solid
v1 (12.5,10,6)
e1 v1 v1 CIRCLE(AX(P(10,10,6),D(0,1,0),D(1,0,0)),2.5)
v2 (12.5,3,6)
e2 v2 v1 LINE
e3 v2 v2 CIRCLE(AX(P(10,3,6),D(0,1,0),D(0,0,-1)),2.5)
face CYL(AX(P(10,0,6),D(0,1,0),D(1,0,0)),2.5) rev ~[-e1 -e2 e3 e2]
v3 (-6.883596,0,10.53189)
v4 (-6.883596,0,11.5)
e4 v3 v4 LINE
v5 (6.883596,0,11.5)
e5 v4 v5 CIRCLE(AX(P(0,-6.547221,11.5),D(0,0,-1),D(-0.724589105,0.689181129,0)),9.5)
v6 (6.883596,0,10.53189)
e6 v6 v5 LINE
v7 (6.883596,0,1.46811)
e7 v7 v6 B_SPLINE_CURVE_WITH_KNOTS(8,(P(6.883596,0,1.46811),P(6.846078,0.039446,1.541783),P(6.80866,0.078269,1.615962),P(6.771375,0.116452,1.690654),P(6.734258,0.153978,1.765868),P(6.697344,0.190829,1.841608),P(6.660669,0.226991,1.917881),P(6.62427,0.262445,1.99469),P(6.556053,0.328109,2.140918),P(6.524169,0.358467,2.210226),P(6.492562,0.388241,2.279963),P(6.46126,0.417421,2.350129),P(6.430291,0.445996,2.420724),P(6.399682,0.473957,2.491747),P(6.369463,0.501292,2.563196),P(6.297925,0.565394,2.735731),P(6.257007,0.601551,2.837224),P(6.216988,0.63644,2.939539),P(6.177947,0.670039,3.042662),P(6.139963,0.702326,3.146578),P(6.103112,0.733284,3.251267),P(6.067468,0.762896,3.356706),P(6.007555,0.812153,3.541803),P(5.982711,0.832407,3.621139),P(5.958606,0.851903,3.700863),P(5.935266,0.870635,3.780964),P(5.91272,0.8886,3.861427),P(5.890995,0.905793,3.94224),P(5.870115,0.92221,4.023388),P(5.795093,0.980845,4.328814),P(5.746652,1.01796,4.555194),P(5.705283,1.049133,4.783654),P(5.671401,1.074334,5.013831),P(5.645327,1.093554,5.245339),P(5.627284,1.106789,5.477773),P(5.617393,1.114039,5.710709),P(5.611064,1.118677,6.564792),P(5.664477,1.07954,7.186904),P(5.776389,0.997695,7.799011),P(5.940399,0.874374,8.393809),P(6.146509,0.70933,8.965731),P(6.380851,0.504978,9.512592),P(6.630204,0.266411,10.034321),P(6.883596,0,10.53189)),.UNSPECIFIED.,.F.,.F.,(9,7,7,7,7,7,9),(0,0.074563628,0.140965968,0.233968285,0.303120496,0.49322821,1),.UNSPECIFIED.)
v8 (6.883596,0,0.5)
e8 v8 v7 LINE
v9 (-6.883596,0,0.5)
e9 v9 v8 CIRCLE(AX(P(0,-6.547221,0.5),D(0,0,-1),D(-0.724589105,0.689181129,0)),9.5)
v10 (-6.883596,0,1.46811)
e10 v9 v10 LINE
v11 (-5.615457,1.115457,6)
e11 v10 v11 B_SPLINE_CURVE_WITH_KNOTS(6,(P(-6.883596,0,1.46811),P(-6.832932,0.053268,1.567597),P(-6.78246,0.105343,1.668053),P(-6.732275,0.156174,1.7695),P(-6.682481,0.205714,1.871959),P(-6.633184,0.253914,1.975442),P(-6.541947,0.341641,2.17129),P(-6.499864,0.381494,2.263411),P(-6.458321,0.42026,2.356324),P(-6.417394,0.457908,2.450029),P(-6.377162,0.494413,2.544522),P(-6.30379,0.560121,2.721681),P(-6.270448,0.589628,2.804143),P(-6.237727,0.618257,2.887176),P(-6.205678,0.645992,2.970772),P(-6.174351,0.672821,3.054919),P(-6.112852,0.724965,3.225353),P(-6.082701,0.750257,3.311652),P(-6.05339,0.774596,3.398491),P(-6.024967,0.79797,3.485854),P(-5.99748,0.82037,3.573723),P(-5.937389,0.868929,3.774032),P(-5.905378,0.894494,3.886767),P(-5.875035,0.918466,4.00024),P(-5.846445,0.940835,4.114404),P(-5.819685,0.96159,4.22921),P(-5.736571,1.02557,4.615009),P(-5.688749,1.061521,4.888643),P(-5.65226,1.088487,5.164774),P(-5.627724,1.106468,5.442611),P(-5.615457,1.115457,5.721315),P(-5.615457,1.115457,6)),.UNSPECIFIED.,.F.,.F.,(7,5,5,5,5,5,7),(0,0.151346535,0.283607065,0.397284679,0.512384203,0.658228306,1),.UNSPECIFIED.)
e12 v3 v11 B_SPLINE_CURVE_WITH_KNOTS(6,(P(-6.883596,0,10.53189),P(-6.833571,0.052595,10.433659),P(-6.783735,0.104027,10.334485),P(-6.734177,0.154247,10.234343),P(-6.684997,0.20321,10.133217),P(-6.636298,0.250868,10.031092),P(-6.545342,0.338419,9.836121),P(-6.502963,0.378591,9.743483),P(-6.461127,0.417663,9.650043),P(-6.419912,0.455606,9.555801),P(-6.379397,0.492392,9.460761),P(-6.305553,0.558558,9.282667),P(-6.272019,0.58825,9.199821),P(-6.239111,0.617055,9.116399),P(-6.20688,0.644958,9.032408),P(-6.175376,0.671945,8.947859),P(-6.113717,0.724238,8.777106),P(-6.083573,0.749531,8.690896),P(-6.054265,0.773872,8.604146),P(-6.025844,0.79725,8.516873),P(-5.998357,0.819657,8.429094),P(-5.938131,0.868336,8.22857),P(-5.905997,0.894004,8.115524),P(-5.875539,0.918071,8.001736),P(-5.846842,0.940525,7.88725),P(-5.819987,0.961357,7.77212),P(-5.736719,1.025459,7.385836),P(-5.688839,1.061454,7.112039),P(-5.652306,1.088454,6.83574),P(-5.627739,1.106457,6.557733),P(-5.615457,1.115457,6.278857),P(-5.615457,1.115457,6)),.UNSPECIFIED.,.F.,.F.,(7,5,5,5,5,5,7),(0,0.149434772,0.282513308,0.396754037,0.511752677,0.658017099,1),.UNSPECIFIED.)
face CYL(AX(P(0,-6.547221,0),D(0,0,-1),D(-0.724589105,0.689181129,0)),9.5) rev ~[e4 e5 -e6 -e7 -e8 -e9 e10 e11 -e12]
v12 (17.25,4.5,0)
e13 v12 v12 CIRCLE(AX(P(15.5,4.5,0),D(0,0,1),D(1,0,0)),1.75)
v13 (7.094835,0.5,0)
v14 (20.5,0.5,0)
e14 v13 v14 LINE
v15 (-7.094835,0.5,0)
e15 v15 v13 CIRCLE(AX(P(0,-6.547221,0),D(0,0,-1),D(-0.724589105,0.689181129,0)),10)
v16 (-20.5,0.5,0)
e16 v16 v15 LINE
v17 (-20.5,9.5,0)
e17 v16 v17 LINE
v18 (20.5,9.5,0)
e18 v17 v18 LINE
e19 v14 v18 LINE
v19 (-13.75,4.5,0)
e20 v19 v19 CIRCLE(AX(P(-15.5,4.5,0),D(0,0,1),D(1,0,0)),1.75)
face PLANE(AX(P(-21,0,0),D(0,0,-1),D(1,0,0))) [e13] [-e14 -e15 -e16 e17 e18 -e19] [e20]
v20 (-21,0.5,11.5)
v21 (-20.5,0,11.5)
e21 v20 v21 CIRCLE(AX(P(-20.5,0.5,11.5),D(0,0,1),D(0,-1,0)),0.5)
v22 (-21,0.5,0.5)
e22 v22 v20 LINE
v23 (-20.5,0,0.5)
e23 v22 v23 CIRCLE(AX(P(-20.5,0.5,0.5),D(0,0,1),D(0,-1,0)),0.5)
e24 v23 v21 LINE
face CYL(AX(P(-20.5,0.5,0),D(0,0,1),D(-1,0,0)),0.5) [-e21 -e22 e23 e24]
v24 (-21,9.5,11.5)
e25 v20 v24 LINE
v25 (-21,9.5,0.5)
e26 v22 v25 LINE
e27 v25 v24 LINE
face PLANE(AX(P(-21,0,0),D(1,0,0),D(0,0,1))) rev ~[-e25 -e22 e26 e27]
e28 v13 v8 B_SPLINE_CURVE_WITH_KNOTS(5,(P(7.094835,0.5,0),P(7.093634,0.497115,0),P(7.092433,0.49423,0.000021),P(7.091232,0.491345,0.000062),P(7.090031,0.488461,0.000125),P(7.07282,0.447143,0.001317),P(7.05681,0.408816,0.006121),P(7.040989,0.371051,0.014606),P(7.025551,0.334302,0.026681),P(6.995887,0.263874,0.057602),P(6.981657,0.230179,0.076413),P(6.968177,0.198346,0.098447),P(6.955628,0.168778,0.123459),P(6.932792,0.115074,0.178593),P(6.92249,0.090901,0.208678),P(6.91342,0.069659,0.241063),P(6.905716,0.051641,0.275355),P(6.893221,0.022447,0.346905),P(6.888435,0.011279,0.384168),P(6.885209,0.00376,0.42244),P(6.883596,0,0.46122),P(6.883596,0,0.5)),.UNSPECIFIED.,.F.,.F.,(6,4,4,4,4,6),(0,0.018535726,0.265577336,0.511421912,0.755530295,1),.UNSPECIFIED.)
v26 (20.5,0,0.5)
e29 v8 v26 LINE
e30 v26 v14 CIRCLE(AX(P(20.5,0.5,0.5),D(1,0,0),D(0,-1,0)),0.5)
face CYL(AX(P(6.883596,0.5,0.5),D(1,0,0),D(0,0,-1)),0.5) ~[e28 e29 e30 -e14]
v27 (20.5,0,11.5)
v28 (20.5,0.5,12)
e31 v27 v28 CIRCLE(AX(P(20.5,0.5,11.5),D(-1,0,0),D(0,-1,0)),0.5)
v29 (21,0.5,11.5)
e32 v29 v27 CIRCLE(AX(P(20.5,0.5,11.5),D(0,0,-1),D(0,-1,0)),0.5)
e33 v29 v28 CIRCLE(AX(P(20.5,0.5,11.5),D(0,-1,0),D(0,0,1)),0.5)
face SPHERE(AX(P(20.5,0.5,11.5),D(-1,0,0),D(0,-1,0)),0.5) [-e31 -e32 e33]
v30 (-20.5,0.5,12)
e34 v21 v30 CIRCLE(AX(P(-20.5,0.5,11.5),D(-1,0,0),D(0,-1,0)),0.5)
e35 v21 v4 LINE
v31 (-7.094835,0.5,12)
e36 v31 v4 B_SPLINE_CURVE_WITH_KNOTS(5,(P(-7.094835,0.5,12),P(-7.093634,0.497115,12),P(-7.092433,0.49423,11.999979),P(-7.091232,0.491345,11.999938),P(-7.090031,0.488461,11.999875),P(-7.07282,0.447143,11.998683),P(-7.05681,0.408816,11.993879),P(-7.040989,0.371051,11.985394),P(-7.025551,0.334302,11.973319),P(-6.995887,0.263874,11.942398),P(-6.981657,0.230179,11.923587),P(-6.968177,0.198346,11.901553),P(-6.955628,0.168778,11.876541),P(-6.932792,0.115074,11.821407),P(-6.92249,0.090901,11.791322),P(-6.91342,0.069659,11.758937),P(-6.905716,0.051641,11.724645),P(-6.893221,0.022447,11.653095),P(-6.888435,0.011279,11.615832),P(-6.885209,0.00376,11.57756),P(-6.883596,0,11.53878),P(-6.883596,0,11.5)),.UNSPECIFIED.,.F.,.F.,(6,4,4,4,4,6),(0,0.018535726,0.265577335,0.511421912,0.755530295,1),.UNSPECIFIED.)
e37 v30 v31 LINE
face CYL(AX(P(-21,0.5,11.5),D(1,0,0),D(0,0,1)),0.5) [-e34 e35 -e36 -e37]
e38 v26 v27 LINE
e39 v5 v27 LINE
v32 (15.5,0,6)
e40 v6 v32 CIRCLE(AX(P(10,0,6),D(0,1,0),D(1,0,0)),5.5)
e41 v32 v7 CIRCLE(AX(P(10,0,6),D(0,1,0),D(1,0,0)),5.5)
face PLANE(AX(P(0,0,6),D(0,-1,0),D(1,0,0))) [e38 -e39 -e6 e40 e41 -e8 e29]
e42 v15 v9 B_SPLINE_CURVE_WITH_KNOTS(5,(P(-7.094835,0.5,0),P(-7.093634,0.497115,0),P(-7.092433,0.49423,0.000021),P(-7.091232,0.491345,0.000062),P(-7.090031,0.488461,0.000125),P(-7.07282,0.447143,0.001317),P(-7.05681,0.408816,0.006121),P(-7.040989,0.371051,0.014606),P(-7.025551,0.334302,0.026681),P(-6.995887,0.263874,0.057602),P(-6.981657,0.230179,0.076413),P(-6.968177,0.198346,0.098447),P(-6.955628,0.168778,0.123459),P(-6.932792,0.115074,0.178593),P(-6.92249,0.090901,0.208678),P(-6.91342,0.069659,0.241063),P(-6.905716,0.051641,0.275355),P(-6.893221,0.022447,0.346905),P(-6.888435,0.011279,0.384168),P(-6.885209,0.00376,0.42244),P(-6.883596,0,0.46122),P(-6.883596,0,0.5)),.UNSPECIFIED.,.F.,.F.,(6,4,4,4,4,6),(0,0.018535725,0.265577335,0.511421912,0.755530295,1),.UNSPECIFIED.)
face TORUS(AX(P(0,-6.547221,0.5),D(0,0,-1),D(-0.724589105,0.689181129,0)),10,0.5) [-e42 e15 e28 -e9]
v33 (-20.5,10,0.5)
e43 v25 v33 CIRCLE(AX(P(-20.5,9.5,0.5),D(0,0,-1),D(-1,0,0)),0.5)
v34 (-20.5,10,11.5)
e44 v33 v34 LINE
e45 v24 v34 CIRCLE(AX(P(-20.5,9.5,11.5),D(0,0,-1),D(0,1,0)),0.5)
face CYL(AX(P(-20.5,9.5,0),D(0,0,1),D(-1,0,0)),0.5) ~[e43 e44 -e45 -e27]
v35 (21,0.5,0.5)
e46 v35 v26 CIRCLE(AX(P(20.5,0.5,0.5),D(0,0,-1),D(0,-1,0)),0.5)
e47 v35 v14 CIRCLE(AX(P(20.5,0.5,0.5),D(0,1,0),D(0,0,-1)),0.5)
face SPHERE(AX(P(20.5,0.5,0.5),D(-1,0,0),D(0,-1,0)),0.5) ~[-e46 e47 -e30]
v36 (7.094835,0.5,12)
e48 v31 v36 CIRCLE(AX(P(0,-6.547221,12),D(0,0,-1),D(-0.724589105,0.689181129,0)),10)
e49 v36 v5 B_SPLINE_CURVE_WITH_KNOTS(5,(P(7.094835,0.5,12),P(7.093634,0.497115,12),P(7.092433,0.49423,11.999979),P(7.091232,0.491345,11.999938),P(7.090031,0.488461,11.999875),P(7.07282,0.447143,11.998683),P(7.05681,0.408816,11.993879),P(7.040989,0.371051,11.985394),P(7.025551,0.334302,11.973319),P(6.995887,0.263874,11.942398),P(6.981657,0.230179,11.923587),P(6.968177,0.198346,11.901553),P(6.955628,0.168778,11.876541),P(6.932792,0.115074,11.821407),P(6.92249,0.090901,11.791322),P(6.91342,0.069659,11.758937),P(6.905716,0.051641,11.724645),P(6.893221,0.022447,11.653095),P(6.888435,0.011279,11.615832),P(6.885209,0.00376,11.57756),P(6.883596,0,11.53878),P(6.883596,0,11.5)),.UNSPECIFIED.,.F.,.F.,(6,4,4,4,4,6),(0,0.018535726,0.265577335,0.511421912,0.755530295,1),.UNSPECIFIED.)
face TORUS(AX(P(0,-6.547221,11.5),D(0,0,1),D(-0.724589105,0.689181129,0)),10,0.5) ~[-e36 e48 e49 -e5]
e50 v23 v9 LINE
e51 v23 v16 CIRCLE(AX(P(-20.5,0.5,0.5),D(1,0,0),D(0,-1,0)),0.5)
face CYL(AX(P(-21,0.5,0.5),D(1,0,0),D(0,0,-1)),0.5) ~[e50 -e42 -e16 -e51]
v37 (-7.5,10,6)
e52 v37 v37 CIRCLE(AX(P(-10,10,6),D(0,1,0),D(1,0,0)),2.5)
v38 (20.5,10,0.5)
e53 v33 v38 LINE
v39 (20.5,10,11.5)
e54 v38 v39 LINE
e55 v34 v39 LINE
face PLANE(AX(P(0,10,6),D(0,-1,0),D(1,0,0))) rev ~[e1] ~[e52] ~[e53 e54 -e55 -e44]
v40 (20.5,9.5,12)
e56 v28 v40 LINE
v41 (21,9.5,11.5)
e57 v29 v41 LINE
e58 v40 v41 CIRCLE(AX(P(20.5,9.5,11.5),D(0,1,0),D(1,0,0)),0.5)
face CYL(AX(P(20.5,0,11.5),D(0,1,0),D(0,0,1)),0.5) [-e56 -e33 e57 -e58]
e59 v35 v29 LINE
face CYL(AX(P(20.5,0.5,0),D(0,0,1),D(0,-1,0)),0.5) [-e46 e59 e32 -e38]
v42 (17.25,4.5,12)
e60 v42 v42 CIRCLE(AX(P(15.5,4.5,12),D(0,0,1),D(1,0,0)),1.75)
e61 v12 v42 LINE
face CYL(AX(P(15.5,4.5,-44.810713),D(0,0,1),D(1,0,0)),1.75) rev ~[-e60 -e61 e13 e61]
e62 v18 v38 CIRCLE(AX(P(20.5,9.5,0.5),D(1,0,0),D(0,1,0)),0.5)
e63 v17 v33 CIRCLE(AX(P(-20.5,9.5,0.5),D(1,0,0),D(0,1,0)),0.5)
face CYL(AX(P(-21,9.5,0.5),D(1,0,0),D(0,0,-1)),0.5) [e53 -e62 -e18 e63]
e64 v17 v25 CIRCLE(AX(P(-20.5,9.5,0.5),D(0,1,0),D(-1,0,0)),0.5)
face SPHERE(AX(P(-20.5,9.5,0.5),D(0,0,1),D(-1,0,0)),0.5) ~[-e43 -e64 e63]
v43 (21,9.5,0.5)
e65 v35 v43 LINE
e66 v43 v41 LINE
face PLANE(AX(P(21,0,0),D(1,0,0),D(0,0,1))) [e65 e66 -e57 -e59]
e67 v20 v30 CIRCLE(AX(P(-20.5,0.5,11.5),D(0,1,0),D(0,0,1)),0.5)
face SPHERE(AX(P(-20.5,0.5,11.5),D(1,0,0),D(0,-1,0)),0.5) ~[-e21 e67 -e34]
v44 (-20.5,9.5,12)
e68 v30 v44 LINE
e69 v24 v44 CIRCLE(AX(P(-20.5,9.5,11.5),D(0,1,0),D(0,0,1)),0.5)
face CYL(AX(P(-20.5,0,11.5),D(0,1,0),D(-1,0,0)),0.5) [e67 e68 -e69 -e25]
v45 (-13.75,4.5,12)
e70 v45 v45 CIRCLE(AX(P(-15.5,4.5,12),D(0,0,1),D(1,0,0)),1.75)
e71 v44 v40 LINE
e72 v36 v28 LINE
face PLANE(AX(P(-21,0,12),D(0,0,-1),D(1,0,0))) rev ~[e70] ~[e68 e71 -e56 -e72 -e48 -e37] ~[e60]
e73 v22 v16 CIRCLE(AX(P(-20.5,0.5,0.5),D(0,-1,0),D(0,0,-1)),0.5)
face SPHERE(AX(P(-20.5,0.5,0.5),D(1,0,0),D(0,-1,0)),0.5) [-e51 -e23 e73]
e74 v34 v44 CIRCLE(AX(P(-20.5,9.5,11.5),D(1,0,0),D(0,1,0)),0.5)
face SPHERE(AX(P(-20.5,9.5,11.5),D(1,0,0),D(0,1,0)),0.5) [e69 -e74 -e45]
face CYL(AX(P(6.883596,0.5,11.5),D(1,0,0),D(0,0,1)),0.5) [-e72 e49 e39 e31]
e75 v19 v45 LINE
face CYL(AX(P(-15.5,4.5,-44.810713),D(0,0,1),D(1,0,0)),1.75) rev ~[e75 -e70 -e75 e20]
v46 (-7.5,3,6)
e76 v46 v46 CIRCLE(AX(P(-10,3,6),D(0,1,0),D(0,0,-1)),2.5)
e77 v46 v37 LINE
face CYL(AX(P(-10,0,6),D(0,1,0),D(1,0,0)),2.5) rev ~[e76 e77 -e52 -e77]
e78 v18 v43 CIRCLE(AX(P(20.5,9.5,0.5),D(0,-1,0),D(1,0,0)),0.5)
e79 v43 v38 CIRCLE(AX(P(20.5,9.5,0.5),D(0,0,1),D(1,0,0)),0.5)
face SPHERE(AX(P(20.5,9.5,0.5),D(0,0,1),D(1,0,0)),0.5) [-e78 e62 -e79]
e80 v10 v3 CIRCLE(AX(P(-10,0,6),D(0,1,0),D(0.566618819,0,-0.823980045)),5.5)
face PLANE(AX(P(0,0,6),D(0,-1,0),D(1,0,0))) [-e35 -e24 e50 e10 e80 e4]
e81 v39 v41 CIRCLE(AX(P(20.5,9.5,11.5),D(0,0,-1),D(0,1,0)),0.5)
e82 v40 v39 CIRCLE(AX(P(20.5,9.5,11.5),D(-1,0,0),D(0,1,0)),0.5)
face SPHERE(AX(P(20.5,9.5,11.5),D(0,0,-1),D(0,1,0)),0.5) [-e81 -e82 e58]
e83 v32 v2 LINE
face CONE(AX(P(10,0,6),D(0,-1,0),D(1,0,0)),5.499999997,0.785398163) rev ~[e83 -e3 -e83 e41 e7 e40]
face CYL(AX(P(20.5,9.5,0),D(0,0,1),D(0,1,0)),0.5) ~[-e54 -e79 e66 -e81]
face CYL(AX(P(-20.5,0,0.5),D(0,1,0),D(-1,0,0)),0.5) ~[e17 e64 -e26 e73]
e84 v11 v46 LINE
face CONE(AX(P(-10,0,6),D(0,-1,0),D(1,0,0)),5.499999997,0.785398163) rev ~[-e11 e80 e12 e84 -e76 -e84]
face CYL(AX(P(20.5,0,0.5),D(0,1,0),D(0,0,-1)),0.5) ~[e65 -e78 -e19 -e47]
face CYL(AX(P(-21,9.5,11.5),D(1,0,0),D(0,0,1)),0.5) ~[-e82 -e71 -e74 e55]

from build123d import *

# Parameters (mm, degrees)
CROQUIS1_W                              = 42
CROQUIS1_H                              = 12
SALIENTE_EXTRUIR1_DEPTH                 = 10
CORTAR_EXTRUIR1_DEPTH                   = 27.172504657
DI_METRO_DE_TALADRO_5_0_5_1_D           = 5
DI_METRO_DE_TALADRO_5_0_5_1_CSINK_D     = 10.999999995
DI_METRO_DE_TALADRO_5_0_5_1_CSINK_ANGLE = 90
DI_METRO_DE_TALADRO_3_5_3_5_1_D         = 3.5
REDONDEO1_R                             = 0.5


with BuildPart() as part:
    # Croquis1 → Saliente-Extruir1 (new body)
    with BuildSketch(Plane.XZ):
        with Locations((0, 6)):
            Rectangle(CROQUIS1_W, CROQUIS1_H)
    extrude(amount=-SALIENTE_EXTRUIR1_DEPTH)

    # Croquis2 → Cortar-Extruir1 (cut, through all)
    with BuildSketch(Plane(origin=(0, 0, 0), x_dir=(-1, 0, 0), z_dir=(0, 0, -1))):
        with BuildLine():
            Line((-6.883596498, 0), (6.883596498, 0))
            ThreePointArc((6.883596498, 0), (0, 2.952779272), (-6.883596498, 0))
        make_face()
    extrude(amount=-CORTAR_EXTRUIR1_DEPTH, mode=Mode.SUBTRACT)

    # Diámetro de taladro Ø5.0 (5)1 (through all)
    with Locations(Plane(origin=(0, 0, 0), x_dir=(-1, 0, 0), z_dir=(0, -1, 0))):
        with Locations((10, -6), (-10, -6)):
            CounterSinkHole(DI_METRO_DE_TALADRO_5_0_5_1_D / 2, DI_METRO_DE_TALADRO_5_0_5_1_CSINK_D / 2, counter_sink_angle=DI_METRO_DE_TALADRO_5_0_5_1_CSINK_ANGLE)

    # Diámetro de taladro Ø3.5 (3.5)1 (through all)
    with Locations(Plane(origin=(0, 0, 0), x_dir=(-1, 0, 0), z_dir=(0, 0, -1))):
        with Locations((15.5, 4.5), (-15.5, 4.5)):
            Hole(DI_METRO_DE_TALADRO_3_5_3_5_1_D / 2)

    # Redondeo1
    redondeo1_edges = [part.edges().sort_by_distance(p)[0] for p in [
        (21, 10, 6),
        (13.941798249, 0, 0),
        (-13.941798249, 0, 12),
        (0, 10, 12),
        (0, 2.952779272, 12),
        (0, 2.952779272, 0),
        (-21, 10, 6),
        (13.941798249, 0, 12),
        (21, 0, 6),
        (-13.941798249, 0, 0),
        (-21, 0, 6),
        (-21, 5, 12),
        (21, 5, 12),
        (21, 5, 0),
        (-21, 5, 0),
        (0, 10, 0),
    ]]
    fillet(redondeo1_edges, radius=REDONDEO1_R)


solid = part.part
